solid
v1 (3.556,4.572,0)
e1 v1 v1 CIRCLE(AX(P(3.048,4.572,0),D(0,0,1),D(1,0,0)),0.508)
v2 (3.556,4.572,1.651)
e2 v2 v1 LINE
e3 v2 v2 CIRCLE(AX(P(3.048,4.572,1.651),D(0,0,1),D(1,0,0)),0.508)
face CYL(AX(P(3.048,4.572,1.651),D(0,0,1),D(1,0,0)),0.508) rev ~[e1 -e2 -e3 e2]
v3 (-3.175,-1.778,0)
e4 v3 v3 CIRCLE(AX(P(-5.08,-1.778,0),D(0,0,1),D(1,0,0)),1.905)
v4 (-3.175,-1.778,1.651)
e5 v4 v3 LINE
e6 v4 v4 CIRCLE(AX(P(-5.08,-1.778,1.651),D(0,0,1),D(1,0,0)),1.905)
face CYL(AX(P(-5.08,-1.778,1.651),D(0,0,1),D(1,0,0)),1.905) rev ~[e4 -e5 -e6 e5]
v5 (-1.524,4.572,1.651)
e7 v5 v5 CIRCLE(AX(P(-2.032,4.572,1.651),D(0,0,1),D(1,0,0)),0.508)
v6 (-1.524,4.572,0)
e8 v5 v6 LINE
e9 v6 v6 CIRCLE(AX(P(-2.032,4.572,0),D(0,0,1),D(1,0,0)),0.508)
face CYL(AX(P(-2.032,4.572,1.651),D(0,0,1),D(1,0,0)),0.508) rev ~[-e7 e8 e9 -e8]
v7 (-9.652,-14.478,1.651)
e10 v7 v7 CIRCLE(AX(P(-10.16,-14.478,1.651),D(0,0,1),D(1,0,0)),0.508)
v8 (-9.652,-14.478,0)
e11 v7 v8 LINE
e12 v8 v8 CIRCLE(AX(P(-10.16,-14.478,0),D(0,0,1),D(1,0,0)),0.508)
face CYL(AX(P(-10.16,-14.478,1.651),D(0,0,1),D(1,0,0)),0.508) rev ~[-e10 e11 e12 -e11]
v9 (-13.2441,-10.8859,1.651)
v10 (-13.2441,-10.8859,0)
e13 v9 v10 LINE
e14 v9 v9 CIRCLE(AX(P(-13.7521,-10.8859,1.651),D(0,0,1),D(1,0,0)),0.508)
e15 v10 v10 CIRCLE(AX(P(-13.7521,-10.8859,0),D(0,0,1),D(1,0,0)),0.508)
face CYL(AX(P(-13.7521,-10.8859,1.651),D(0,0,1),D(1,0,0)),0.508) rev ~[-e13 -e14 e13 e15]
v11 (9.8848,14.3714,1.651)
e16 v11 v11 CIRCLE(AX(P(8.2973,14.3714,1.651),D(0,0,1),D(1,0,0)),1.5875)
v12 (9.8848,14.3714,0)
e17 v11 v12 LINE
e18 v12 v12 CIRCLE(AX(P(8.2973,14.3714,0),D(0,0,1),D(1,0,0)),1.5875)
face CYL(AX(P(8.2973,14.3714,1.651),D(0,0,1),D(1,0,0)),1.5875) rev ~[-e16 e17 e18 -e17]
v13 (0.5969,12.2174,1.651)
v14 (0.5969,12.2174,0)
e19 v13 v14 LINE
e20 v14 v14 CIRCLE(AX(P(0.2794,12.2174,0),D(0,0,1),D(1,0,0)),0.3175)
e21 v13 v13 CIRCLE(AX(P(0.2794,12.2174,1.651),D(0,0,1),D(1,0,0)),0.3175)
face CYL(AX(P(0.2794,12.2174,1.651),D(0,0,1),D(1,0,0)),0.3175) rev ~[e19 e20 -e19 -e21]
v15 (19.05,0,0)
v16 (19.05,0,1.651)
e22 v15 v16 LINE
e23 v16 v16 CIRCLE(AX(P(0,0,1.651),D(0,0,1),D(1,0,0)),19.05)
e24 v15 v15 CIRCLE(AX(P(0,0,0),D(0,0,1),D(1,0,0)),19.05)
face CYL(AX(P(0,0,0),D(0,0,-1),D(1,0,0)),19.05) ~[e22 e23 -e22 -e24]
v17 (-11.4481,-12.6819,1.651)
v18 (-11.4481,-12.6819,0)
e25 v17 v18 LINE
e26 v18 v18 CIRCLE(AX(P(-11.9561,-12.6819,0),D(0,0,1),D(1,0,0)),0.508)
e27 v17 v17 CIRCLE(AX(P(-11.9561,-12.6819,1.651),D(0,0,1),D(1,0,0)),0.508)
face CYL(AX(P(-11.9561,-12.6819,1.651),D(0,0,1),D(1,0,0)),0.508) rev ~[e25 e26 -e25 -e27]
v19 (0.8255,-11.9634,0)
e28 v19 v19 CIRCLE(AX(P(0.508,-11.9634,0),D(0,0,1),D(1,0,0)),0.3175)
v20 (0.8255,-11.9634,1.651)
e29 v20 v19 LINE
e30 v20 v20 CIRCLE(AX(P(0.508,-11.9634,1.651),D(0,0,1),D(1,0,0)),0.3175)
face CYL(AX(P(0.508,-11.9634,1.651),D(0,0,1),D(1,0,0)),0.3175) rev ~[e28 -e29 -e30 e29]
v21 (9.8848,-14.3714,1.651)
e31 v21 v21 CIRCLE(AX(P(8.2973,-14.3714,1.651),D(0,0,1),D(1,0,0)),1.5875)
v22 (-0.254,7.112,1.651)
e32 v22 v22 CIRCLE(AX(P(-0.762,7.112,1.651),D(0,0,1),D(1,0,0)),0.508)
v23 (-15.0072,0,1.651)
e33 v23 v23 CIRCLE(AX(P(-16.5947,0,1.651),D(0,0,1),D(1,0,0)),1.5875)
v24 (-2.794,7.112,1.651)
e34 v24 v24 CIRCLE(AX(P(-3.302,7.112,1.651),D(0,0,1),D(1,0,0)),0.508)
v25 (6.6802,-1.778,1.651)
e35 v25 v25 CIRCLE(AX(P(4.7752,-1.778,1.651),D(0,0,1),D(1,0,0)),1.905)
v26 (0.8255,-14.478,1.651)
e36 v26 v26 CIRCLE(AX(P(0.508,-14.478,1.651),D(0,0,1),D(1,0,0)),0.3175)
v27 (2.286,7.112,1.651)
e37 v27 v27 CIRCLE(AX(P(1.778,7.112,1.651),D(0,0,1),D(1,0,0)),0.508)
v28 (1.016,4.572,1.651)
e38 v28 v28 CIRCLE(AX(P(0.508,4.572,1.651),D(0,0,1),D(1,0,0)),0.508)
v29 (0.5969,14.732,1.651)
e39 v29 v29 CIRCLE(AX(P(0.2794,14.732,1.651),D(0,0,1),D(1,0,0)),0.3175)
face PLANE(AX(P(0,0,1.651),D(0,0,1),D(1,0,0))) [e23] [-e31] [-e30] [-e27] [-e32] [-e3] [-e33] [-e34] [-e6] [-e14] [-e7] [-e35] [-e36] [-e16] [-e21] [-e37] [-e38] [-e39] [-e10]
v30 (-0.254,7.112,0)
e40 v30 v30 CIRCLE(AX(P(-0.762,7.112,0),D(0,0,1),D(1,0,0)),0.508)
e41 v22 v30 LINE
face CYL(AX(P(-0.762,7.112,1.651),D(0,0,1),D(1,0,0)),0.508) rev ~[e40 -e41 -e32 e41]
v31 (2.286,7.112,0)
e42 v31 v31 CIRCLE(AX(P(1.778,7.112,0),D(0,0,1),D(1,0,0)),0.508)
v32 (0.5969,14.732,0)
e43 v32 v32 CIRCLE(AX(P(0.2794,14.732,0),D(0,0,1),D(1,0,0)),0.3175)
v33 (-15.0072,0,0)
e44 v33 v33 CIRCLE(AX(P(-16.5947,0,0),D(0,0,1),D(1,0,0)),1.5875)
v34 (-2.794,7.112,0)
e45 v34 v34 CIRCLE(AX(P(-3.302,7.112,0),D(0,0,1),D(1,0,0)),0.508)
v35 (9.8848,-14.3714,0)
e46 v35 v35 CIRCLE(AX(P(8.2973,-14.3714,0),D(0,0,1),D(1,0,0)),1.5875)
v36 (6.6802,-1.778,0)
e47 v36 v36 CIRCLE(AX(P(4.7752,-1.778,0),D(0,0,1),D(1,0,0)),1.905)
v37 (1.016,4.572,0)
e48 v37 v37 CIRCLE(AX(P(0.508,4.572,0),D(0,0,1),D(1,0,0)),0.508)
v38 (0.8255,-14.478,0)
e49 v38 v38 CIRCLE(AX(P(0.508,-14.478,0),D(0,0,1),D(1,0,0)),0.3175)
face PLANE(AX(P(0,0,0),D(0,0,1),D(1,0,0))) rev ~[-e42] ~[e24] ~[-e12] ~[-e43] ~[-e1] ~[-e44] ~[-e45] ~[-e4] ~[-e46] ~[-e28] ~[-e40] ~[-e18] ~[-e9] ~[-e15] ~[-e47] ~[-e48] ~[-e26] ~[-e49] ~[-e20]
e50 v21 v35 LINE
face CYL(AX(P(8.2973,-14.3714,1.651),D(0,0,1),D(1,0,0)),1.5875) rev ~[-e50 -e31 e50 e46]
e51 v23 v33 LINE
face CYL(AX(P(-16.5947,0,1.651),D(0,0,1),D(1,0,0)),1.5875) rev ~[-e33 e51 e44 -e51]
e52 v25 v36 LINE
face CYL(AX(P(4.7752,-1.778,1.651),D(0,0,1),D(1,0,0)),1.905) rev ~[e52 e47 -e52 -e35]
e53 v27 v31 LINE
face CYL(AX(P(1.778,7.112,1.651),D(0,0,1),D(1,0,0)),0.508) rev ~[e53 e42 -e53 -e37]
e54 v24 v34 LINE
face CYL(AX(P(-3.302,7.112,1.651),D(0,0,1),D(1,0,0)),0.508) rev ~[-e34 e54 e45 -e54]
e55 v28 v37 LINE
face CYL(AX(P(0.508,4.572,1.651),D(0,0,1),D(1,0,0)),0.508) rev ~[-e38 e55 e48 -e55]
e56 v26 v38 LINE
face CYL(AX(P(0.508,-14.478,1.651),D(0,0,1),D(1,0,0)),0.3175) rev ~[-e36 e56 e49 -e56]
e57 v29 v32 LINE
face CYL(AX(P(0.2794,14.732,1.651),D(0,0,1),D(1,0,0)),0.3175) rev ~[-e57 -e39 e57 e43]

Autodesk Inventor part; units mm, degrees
ref_plane "YZ Plane" through (0, 0, 0) normal (1, 0, 0) x (0, 1, 0)
ref_plane "XZ Plane" through (0, 0, 0) normal (0, 1, 0) x (-1, 0, 0)
ref_plane "XY Plane" through (0, 0, 0) normal (0, 0, 1) x (1, 0, 0)
sketch "Sketch1" plane through (0, 0, 0) normal (0, 0, 1) x (1, 0, 0)
  circle A0 centre (0, 0) radius 19.05
  dimension "d0" = 38.1
extrude "Extrusion1" add sketch "Sketch1" along normal blind 1.651
sketch "Sketch2" plane through (0, 0, 1.651) normal (0, 0, 1) x (1, 0, 0)
  circle A0 centre (0, 0) radius 19.05 projected
  line L0 (-19.05, 19.05) -> (19.05, 19.05) construction
  line L1 (19.05, 19.05) -> (19.05, -19.05) construction
  line L2 (19.05, -19.05) -> (-19.05, -19.05) construction
  line L3 (-19.05, -19.05) -> (-19.05, 19.05) construction
  point P0 (-19.05, 0)
  point P1 (0, 19.05)
decal "Decal1"
sketch "Sketch3" plane through (0, 0, 0) normal (0, 0, -1) x (-1, 0, 0)
  circle A0 centre (0, 0) radius 19.05 projected
  line L0 (-19.05, 19.05) -> (19.05, 19.05) construction
  line L1 (19.05, 19.05) -> (19.05, -19.05) construction
  line L2 (19.05, -19.05) -> (-19.05, -19.05) construction
  line L3 (-19.05, -19.05) -> (-19.05, 19.05) construction
  point P0 (-19.05, 0)
  point P1 (0, 19.05)
decal "Decal2"
sketch "Sketch4" plane through (0, 0, 1.651) normal (0, 0, 1) x (1, 0, 0)
  circle A0 centre (-16.5947, 0) radius 1.5875
  circle A1 centre (8.2973, -14.3714) radius 1.5875
  circle A2 centre (8.2973, 14.3714) radius 1.5875
  line L0 (-16.5947, 0) -> (8.2973, 14.3714) construction
  line L1 (8.2973, 14.3714) -> (8.2973, -14.3714) construction
  line L2 (8.2973, -14.3714) -> (-16.5947, 0) construction
  line L3 (19.05, -19.05) -> (-19.05, -19.05) construction
  line L4 (-19.05, -19.05) -> (-19.05, 19.05) construction
  line L5 (-19.05, 19.05) -> (19.05, 19.05) construction
  line L6 (19.05, 19.05) -> (19.05, -19.05) construction
  line L7 (19.05, -19.05) -> (-19.05, 19.05) construction
  line L8 (-19.05, -19.05) -> (19.05, 19.05) construction
  circle A3 centre (0, 0) radius 19.05 construction
  circle A4 centre (0, 0) radius 19.05 construction
  circle A5 centre (-3.302, 7.112) radius 0.508
  circle A6 centre (-0.762, 7.112) radius 0.508
  circle A7 centre (1.778, 7.112) radius 0.508
  circle A8 centre (3.048, 4.572) radius 0.508
  circle A9 centre (0.508, 4.572) radius 0.508
  circle A10 centre (-2.032, 4.572) radius 0.508
  circle A11 centre (0.2794, 12.2174) radius 0.3175
  circle A12 centre (0.2794, 14.732) radius 0.3175
  circle A13 centre (-13.7521, -10.8859) radius 0.508
  circle A14 centre (-11.9561, -12.6819) radius 0.508
  circle A15 centre (-10.16, -14.478) radius 0.508
  line L9 (-13.7521, -10.8859) -> (-10.16, -14.478) construction
  line L10 (-10.16, -14.478) -> (-15.24, -14.478) construction
  circle A16 centre (0.508, -11.9634) radius 0.3175
  circle A17 centre (0.508, -14.478) radius 0.3175
  circle A18 centre (-5.08, -1.778) radius 1.905
  circle A19 centre (4.7752, -1.778) radius 1.905
  point P0 (0, 19.05)
  point P1 (-19.05, 0)
  dimension "d8" = 3.175
  dimension "d9" = 2.54
  dimension "d10" = 2.54
  dimension "d11" = 2.54
  dimension "d12" = 1.27
  dimension "d13" = 2.54
  dimension "d14" = 2.54
  dimension "d15" = 1.016
  dimension "d16" = 11.938
  dimension "d17" = 15.748
  dimension "d18" = 0.635
  dimension "d19" = 0.635
  dimension "d20" = 4.318
  dimension "d21" = 2.5146
  dimension "d22" = 19.3294
  dimension "d23" = 1.016
  dimension "d26" = 5.08
  dimension "d27" = 45
  dimension "d28" = 4.572
  dimension "d29" = 8.89
  dimension "d30" = 0.635
  dimension "d31" = 0.635
  dimension "d32" = 2.5146
  dimension "d33" = 4.572
  dimension "d34" = 19.558
  dimension "d35" = 9.8552
  dimension "d36" = 3.81
  dimension "d37" = 13.97
  dimension "d38" = 20.828
  dimension "d41" = 24.892
  dimension "d42" = 4.6786
  dimension "d43" = 33.4214
  dimension "d44" = 27.3473
extrude "Extrusion2" cut sketch "Sketch4" against normal through all
equation "\"d30\" = d31"
properties part number "Power Supply"
